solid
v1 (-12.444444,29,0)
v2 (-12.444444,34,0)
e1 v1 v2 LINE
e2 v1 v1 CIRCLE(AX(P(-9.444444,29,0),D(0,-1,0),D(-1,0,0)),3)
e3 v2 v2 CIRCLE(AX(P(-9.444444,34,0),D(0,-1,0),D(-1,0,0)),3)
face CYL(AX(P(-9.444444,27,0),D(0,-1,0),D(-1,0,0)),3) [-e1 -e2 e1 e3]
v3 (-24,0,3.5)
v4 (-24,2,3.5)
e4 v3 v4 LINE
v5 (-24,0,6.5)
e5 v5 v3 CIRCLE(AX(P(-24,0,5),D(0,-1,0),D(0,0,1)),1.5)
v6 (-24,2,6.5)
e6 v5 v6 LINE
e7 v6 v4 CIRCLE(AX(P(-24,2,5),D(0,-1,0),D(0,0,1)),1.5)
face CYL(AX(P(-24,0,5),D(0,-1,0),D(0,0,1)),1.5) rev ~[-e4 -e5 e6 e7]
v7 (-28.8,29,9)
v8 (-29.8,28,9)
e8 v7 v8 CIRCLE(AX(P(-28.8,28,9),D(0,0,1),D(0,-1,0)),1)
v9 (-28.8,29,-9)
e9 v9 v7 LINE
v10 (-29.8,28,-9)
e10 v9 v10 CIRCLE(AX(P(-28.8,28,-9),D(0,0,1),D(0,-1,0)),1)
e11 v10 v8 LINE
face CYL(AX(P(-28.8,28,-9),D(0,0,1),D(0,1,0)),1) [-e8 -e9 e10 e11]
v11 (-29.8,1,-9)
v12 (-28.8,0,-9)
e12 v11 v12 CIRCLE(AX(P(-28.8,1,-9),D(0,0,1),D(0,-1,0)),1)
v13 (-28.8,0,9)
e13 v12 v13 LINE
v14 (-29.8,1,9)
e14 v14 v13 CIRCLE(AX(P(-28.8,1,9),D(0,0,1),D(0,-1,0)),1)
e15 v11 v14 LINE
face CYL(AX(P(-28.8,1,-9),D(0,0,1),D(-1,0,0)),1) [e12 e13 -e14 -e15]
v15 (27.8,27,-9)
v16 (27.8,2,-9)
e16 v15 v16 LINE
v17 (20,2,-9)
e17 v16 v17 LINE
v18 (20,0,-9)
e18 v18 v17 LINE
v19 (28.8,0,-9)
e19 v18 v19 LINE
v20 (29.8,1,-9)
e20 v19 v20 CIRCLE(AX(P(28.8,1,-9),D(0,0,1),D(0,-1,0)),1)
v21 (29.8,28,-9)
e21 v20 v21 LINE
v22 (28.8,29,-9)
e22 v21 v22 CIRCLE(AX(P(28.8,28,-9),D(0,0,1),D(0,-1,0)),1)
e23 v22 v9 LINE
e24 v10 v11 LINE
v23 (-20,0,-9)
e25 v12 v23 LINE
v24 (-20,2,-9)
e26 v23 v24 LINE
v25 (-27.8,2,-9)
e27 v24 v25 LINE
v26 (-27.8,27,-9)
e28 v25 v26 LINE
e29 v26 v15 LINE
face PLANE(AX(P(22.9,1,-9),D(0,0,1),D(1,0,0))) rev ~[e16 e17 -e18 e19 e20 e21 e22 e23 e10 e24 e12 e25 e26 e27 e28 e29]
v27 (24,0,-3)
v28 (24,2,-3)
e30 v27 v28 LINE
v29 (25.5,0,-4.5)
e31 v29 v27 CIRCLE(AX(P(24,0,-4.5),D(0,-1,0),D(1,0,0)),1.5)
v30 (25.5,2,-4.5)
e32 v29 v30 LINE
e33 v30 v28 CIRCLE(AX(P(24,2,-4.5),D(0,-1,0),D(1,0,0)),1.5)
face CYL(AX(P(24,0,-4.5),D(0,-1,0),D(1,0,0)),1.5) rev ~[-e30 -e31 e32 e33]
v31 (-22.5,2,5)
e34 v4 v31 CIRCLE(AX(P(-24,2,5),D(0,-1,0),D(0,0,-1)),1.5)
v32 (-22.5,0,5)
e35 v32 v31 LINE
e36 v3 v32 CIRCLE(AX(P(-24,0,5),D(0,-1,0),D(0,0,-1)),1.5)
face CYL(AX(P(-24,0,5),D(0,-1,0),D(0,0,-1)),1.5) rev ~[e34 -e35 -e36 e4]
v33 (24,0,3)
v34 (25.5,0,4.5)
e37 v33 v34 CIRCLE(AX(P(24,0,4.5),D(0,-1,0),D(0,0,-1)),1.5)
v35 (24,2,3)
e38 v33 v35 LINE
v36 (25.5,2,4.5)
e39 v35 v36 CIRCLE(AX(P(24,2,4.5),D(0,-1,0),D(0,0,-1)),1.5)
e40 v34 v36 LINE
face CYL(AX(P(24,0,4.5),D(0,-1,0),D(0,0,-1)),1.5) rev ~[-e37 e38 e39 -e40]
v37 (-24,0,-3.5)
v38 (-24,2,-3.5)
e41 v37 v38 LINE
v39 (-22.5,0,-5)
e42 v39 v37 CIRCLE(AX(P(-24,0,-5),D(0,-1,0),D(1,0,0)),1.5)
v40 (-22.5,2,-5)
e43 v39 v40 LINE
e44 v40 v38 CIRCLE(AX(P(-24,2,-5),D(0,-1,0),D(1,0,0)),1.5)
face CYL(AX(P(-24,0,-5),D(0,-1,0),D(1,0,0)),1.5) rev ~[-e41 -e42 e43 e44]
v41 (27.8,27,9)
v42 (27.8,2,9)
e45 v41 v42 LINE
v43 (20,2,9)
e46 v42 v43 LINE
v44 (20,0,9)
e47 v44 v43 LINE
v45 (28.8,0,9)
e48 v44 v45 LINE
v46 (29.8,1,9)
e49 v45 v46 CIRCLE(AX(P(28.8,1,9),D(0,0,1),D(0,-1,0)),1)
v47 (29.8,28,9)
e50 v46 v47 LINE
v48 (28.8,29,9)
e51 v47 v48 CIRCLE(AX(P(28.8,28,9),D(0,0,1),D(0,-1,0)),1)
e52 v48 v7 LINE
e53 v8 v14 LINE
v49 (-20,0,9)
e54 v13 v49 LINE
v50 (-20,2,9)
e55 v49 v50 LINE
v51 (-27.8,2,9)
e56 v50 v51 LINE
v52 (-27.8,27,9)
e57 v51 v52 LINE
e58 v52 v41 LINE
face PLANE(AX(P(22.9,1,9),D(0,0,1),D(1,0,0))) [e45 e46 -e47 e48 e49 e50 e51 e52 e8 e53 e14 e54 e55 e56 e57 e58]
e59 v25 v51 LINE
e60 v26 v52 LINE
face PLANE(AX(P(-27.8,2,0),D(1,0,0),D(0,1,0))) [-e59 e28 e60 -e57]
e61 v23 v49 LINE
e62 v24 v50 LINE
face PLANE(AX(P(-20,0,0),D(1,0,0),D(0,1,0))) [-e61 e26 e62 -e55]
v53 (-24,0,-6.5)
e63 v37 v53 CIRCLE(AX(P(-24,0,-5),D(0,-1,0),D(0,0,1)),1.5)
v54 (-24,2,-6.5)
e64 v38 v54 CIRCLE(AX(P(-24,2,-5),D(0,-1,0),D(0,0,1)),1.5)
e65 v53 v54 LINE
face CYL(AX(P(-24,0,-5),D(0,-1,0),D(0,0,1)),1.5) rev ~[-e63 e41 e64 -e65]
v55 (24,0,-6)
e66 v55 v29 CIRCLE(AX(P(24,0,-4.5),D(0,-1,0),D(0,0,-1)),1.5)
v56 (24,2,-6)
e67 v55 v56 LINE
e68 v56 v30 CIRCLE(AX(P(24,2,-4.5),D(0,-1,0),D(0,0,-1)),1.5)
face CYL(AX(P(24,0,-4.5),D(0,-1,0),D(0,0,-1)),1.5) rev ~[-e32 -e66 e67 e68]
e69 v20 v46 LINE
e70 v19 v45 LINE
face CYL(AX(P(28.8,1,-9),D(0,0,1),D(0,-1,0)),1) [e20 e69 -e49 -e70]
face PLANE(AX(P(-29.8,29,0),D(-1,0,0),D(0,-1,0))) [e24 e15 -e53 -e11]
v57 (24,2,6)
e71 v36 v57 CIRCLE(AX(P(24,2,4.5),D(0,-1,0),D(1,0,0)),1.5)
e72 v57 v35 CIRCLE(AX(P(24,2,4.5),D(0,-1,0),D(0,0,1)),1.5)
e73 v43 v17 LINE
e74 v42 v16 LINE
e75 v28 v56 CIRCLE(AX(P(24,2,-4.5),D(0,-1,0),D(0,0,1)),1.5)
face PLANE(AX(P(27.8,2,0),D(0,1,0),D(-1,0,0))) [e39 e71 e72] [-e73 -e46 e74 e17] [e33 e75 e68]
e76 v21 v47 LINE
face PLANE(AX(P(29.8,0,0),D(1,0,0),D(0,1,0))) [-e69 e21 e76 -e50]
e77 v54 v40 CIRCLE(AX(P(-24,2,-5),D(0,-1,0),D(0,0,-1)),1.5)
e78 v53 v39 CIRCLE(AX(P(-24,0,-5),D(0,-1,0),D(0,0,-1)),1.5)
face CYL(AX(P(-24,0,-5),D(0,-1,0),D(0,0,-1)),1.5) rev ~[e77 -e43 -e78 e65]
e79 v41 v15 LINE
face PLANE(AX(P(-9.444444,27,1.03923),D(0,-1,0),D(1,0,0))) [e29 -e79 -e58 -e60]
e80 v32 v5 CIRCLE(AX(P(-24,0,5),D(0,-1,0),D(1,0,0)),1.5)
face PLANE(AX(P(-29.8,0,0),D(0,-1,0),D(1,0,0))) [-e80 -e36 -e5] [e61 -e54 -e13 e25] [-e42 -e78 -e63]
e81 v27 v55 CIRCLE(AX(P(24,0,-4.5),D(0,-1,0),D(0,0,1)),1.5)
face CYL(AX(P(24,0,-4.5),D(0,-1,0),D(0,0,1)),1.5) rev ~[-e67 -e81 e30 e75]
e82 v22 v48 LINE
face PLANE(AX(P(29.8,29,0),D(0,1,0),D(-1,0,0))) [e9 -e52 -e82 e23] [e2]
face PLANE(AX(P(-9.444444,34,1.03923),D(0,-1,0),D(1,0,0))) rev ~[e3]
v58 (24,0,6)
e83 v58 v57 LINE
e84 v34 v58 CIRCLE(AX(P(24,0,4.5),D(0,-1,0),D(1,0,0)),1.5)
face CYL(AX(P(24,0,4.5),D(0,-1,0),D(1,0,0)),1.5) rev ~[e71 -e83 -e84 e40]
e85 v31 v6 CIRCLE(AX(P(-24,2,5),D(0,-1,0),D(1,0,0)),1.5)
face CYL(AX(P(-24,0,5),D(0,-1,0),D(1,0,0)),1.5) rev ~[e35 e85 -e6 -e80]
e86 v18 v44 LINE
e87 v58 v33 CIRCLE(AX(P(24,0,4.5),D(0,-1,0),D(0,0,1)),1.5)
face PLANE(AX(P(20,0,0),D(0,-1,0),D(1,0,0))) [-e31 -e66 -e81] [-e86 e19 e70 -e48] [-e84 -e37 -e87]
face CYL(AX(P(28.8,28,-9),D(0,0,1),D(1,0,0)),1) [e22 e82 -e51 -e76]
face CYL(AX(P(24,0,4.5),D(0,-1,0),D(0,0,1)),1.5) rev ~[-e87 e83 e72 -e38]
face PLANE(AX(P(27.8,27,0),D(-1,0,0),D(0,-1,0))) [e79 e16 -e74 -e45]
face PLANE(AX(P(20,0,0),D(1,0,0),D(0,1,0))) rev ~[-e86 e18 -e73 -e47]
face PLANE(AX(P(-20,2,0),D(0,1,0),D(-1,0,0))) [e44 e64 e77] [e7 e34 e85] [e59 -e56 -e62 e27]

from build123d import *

# Parameters (mm, degrees)
F1_W     = 5.8
F1_H     = 2
F1_W_2   = 2
F2_DEPTH = 9
F3_DEPTH = 25
F4_R     = 1
F6_DEPTH = 7


with BuildPart() as f2:
    # F1 (on Top) → F2 (new body, symmetric)
    with BuildSketch(Plane.XY):
        with Locations((22.9, 1)):
            Rectangle(F1_W, F1_H)
        with Locations((26.8, 1)):
            Rectangle(F1_W_2, F1_H)
        Polygon((-29.8, 0), (-27.8, 0), (-27.8, 2), (-27.8, 27), (-27.8, 29), (-29.8, 29), align=None)
        Polygon((27.8, 29), (27.8, 27), (27.8, 2), (27.8, 0), (29.8, 0), (29.8, 29), align=None)
        Polygon((-27.8, 27), (-25.8, 27), (25.8, 27), (27.8, 27), (27.8, 29), (-27.8, 29), align=None)
        with Locations((-26.8, 1)):
            Rectangle(F1_W_2, F1_H)
        with Locations((-22.9, 1)):
            Rectangle(F1_W, F1_H)
    extrude(amount=F2_DEPTH, both=True)

    # F0 (on Front) → F3 (cut)
    with BuildSketch(Plane.XZ):
        with BuildLine():
            ThreePointArc((-24, 6.5), (-25.5, 5), (-24, 3.5))
            Line((-24, 3.5), (-24, 6.5))
        make_face()
        with BuildLine():
            Line((-24, 6.5), (-24, 3.5))
            ThreePointArc((-24, 3.5), (-22.9393398282, 3.9393398282), (-22.5, 5))
            ThreePointArc((-22.5, 5), (-22.9393398282, 6.0606601718), (-24, 6.5))
        make_face()
        with BuildLine():
            Line((-24, -6.5), (-24, -3.5))
            ThreePointArc((-24, -3.5), (-25.5, -5), (-24, -6.5))
        make_face()
        with BuildLine():
            ThreePointArc((-22.5, -5), (-22.9393398282, -3.9393398282), (-24, -3.5))
            Line((-24, -3.5), (-24, -6.5))
            ThreePointArc((-24, -6.5), (-22.9393398282, -6.0606601718), (-22.5, -5))
        make_face()
        with BuildLine():
            Line((24, 3), (24, 6))
            ThreePointArc((24, 6), (22.5, 4.5), (24, 3))
        make_face()
        with BuildLine():
            ThreePointArc((25.5, 4.5), (25.0606601718, 5.5606601718), (24, 6))
            Line((24, 6), (24, 3))
            ThreePointArc((24, 3), (25.0606601718, 3.4393398282), (25.5, 4.5))
        make_face()
        with BuildLine():
            Line((24, -3), (24, -6))
            ThreePointArc((24, -6), (25.0606601718, -5.5606601718), (25.5, -4.5))
            ThreePointArc((25.5, -4.5), (25.0606601718, -3.4393398282), (24, -3))
        make_face()
        with BuildLine():
            ThreePointArc((24, -3), (22.5, -4.5), (24, -6))
            Line((24, -6), (24, -3))
        make_face()
    extrude(amount=-F3_DEPTH, mode=Mode.SUBTRACT)

    # F4
    f4_edges = [f2.edges().sort_by_distance(p)[0] for p in [
        (-29.8, 0, 0),
        (29.8, 0, 0),
        (29.8, 29, 0),
        (-29.8, 29, 0),
    ]]
    fillet(f4_edges, radius=F4_R)

    # F5 (on face) → F6 (join)
    with BuildSketch(Plane.XZ.offset(-27)):
        with BuildLine():
            ThreePointArc((-6.4444444444, 0), (-9.4444444444, 3), (-12.4444444444, 0))
            Line((-12.4444444444, 0), (-6.4444444444, 0))
        make_face()
        with BuildLine():
            Line((-6.4444444444, 0), (-12.4444444444, 0))
            ThreePointArc((-12.4444444444, 0), (-9.4444444444, -3), (-6.4444444444, 0))
        make_face()
    extrude(amount=-F6_DEPTH)


solid = f2.part
